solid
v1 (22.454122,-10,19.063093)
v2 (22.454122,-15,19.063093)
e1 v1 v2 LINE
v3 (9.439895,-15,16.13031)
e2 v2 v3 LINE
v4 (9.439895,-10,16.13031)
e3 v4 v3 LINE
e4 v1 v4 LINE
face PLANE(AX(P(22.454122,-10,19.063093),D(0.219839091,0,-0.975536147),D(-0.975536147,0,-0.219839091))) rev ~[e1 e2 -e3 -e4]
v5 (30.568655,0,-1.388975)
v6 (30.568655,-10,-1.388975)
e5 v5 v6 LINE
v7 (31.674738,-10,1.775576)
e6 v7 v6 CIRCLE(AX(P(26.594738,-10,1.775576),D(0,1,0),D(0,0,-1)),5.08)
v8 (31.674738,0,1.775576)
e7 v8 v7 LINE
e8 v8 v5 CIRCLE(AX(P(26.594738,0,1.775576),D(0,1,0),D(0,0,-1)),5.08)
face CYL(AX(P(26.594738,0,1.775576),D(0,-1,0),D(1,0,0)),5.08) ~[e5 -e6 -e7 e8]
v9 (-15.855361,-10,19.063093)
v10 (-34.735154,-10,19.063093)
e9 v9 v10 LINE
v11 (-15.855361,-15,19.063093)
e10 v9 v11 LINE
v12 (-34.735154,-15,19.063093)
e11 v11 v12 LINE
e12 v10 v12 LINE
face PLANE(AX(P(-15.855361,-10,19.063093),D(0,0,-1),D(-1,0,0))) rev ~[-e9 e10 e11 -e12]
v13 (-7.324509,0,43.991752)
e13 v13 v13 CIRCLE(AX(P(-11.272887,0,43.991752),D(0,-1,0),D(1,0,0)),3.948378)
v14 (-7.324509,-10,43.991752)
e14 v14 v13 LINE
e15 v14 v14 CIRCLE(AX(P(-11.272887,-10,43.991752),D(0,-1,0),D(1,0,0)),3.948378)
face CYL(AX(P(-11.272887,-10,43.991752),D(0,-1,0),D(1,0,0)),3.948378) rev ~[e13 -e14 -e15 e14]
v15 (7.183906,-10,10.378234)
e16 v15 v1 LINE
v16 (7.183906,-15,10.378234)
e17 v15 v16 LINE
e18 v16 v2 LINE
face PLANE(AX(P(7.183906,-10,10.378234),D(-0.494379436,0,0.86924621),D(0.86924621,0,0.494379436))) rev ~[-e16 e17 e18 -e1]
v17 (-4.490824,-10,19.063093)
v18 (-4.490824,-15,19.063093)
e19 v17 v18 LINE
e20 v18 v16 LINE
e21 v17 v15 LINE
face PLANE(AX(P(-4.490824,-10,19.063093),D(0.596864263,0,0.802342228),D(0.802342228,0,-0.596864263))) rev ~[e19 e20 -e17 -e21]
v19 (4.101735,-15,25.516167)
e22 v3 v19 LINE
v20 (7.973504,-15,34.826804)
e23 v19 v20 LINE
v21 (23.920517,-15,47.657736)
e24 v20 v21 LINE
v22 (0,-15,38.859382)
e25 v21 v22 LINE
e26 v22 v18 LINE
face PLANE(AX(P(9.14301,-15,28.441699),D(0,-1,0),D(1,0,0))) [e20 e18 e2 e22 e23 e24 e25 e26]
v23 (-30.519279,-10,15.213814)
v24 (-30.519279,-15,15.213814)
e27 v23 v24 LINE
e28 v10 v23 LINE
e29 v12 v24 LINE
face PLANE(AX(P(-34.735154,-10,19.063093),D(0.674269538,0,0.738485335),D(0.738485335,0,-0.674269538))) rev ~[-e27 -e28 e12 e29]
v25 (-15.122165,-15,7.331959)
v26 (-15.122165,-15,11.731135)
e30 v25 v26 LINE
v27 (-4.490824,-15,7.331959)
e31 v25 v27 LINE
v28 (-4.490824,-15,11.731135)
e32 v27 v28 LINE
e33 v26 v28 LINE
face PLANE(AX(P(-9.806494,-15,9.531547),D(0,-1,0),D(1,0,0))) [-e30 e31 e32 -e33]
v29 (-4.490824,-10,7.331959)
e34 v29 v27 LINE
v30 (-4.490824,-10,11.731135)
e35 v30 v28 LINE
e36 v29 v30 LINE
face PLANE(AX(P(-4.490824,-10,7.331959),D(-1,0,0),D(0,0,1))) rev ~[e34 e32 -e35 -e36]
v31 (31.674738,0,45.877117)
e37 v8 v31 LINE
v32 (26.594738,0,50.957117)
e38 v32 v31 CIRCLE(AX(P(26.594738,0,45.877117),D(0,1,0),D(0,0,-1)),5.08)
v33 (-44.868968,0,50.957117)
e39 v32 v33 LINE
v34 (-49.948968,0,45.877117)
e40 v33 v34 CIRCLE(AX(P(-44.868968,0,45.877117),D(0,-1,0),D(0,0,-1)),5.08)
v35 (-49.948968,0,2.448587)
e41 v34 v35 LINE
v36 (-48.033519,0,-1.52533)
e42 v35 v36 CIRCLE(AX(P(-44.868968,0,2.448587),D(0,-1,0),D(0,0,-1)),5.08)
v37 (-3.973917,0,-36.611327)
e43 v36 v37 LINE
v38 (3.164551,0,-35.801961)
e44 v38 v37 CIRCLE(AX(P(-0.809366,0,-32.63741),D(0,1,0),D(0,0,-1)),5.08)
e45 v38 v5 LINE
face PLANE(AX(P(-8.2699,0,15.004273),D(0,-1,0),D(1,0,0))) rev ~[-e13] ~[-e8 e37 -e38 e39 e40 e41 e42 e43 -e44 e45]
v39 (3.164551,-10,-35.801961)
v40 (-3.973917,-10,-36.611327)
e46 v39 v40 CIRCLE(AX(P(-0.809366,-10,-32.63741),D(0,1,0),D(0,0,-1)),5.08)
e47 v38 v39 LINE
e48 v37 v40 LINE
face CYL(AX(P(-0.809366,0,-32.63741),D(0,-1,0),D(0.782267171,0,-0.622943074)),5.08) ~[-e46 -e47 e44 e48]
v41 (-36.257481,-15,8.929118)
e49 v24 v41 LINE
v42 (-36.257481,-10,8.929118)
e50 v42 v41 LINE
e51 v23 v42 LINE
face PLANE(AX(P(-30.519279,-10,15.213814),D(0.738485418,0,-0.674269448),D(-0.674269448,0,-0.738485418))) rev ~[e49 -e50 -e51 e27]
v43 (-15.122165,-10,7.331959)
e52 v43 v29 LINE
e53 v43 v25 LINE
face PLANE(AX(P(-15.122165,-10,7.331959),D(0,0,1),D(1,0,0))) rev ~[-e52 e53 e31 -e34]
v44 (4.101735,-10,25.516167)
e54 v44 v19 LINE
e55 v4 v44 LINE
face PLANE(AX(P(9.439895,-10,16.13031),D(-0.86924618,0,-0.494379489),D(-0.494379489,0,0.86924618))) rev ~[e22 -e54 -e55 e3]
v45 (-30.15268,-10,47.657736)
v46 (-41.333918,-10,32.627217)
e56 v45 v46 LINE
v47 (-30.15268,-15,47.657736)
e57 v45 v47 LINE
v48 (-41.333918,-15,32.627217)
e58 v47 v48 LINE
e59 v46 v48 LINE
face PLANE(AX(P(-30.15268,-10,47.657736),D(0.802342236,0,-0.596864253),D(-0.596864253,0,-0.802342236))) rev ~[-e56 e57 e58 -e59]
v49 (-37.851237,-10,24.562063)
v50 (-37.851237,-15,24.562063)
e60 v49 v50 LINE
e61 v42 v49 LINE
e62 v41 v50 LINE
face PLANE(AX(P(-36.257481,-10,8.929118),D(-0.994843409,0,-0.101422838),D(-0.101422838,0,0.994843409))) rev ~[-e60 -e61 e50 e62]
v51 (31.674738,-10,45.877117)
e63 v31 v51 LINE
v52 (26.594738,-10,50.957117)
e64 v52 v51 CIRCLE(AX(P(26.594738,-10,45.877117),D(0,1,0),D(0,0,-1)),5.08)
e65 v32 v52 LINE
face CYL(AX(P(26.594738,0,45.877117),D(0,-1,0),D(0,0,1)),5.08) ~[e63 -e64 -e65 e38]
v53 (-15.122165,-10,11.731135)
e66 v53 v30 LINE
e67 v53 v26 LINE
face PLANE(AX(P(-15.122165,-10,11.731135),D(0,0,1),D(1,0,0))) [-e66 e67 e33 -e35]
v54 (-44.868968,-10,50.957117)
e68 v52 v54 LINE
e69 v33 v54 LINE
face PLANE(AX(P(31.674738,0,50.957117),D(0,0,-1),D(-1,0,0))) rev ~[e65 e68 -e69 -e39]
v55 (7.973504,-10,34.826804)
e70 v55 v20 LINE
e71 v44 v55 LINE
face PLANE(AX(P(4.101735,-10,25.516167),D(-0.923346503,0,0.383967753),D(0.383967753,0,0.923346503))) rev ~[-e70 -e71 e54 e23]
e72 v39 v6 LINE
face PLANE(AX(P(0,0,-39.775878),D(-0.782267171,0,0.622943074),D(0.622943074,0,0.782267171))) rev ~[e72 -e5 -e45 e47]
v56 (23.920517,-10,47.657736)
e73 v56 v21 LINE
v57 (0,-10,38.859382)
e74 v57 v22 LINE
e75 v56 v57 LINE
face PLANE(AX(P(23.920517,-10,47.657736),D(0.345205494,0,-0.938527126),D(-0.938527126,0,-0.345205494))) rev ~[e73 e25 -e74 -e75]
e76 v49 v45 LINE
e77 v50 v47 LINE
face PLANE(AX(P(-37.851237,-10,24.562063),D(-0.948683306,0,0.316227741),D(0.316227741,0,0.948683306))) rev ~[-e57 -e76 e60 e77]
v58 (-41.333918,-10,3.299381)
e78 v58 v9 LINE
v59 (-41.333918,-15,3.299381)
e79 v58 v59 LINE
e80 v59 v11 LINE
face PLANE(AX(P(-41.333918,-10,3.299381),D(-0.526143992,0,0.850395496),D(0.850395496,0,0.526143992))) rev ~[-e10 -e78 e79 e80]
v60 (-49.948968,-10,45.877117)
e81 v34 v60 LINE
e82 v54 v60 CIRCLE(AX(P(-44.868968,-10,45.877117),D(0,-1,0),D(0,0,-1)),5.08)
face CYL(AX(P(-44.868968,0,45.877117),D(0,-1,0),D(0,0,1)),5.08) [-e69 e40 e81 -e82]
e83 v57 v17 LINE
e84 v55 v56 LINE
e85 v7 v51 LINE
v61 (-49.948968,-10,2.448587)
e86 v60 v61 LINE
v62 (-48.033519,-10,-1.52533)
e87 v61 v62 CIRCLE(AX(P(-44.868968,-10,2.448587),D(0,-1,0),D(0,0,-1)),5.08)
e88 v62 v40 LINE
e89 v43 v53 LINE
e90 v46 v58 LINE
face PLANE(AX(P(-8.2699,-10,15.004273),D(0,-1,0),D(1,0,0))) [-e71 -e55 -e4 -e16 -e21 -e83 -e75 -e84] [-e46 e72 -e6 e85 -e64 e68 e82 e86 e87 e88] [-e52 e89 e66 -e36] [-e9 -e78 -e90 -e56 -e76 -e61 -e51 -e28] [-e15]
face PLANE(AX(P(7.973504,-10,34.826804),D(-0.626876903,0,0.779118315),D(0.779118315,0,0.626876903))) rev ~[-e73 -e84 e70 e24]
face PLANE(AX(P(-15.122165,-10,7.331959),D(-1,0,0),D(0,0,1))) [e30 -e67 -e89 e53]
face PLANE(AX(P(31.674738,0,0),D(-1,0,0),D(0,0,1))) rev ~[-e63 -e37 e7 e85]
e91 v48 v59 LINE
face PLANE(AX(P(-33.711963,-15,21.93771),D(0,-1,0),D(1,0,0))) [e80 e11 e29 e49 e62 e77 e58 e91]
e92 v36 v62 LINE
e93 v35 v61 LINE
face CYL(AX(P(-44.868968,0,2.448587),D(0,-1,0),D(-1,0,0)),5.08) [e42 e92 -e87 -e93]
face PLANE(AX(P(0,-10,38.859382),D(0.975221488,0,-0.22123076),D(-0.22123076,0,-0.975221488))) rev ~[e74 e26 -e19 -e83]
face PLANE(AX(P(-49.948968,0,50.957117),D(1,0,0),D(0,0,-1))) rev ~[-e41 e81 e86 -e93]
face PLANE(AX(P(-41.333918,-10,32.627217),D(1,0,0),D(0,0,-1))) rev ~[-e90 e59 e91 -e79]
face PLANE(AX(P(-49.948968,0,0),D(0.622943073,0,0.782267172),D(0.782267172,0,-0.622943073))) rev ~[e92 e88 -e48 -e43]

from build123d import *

# Parameters (mm, degrees)
F1_DEPTH = 10
F2_W     = 10.631341
F2_H     = 4.399176
F3_DEPTH = 5
F4_R     = 3.948378
F5_DEPTH = 101.092
F6_R     = 5.08


with BuildPart() as f1:
    # F0 (on Front) → F1 (new body)
    with BuildSketch(Plane.XZ):
        Polygon((31.674738, 50.957117), (-49.948968, 50.957117), (-49.948968, 0), (0, -39.775878), (31.674738, 0), align=None)
    extrude(amount=F1_DEPTH)

    # F2 (on face) → F3 (join)
    with BuildSketch(Plane.XZ.offset(10)):
        Polygon((-37.851237, 24.562063), (-30.15268, 47.657736), (-41.333918, 32.627217), (-41.333918, 3.299381), (-15.855361, 19.063093), (-34.735154, 19.063093), (-30.519279, 15.213814), (-36.257481, 8.929118), align=None)
        Polygon((7.973504, 34.826804), (23.920517, 47.657736), (0, 38.859382), (-4.490824, 19.063093), (7.183906, 10.378234), (22.454122, 19.063093), (9.439895, 16.13031), (4.101735, 25.516167), align=None)
        with Locations((-9.806494, 9.531547)):
            Rectangle(F2_W, F2_H)
    extrude(amount=F3_DEPTH)

    # F4 (on face) → F5 (cut)
    with BuildSketch(Plane.XZ.offset(10)):
        with Locations((-11.272887, 43.991752)):
            Circle(F4_R)
    extrude(amount=-F5_DEPTH, mode=Mode.SUBTRACT)

    # F6
    f6_edges = [f1.edges().sort_by_distance(p)[0] for p in [
        (-49.948968, -5, 50.957117),
        (31.674738, -5, 50.957117),
        (31.674738, -5, 0),
        (0, -5, -39.775878),
        (-49.948968, -5, 0),
    ]]
    fillet(f6_edges, radius=F6_R)


solid = f1.part
